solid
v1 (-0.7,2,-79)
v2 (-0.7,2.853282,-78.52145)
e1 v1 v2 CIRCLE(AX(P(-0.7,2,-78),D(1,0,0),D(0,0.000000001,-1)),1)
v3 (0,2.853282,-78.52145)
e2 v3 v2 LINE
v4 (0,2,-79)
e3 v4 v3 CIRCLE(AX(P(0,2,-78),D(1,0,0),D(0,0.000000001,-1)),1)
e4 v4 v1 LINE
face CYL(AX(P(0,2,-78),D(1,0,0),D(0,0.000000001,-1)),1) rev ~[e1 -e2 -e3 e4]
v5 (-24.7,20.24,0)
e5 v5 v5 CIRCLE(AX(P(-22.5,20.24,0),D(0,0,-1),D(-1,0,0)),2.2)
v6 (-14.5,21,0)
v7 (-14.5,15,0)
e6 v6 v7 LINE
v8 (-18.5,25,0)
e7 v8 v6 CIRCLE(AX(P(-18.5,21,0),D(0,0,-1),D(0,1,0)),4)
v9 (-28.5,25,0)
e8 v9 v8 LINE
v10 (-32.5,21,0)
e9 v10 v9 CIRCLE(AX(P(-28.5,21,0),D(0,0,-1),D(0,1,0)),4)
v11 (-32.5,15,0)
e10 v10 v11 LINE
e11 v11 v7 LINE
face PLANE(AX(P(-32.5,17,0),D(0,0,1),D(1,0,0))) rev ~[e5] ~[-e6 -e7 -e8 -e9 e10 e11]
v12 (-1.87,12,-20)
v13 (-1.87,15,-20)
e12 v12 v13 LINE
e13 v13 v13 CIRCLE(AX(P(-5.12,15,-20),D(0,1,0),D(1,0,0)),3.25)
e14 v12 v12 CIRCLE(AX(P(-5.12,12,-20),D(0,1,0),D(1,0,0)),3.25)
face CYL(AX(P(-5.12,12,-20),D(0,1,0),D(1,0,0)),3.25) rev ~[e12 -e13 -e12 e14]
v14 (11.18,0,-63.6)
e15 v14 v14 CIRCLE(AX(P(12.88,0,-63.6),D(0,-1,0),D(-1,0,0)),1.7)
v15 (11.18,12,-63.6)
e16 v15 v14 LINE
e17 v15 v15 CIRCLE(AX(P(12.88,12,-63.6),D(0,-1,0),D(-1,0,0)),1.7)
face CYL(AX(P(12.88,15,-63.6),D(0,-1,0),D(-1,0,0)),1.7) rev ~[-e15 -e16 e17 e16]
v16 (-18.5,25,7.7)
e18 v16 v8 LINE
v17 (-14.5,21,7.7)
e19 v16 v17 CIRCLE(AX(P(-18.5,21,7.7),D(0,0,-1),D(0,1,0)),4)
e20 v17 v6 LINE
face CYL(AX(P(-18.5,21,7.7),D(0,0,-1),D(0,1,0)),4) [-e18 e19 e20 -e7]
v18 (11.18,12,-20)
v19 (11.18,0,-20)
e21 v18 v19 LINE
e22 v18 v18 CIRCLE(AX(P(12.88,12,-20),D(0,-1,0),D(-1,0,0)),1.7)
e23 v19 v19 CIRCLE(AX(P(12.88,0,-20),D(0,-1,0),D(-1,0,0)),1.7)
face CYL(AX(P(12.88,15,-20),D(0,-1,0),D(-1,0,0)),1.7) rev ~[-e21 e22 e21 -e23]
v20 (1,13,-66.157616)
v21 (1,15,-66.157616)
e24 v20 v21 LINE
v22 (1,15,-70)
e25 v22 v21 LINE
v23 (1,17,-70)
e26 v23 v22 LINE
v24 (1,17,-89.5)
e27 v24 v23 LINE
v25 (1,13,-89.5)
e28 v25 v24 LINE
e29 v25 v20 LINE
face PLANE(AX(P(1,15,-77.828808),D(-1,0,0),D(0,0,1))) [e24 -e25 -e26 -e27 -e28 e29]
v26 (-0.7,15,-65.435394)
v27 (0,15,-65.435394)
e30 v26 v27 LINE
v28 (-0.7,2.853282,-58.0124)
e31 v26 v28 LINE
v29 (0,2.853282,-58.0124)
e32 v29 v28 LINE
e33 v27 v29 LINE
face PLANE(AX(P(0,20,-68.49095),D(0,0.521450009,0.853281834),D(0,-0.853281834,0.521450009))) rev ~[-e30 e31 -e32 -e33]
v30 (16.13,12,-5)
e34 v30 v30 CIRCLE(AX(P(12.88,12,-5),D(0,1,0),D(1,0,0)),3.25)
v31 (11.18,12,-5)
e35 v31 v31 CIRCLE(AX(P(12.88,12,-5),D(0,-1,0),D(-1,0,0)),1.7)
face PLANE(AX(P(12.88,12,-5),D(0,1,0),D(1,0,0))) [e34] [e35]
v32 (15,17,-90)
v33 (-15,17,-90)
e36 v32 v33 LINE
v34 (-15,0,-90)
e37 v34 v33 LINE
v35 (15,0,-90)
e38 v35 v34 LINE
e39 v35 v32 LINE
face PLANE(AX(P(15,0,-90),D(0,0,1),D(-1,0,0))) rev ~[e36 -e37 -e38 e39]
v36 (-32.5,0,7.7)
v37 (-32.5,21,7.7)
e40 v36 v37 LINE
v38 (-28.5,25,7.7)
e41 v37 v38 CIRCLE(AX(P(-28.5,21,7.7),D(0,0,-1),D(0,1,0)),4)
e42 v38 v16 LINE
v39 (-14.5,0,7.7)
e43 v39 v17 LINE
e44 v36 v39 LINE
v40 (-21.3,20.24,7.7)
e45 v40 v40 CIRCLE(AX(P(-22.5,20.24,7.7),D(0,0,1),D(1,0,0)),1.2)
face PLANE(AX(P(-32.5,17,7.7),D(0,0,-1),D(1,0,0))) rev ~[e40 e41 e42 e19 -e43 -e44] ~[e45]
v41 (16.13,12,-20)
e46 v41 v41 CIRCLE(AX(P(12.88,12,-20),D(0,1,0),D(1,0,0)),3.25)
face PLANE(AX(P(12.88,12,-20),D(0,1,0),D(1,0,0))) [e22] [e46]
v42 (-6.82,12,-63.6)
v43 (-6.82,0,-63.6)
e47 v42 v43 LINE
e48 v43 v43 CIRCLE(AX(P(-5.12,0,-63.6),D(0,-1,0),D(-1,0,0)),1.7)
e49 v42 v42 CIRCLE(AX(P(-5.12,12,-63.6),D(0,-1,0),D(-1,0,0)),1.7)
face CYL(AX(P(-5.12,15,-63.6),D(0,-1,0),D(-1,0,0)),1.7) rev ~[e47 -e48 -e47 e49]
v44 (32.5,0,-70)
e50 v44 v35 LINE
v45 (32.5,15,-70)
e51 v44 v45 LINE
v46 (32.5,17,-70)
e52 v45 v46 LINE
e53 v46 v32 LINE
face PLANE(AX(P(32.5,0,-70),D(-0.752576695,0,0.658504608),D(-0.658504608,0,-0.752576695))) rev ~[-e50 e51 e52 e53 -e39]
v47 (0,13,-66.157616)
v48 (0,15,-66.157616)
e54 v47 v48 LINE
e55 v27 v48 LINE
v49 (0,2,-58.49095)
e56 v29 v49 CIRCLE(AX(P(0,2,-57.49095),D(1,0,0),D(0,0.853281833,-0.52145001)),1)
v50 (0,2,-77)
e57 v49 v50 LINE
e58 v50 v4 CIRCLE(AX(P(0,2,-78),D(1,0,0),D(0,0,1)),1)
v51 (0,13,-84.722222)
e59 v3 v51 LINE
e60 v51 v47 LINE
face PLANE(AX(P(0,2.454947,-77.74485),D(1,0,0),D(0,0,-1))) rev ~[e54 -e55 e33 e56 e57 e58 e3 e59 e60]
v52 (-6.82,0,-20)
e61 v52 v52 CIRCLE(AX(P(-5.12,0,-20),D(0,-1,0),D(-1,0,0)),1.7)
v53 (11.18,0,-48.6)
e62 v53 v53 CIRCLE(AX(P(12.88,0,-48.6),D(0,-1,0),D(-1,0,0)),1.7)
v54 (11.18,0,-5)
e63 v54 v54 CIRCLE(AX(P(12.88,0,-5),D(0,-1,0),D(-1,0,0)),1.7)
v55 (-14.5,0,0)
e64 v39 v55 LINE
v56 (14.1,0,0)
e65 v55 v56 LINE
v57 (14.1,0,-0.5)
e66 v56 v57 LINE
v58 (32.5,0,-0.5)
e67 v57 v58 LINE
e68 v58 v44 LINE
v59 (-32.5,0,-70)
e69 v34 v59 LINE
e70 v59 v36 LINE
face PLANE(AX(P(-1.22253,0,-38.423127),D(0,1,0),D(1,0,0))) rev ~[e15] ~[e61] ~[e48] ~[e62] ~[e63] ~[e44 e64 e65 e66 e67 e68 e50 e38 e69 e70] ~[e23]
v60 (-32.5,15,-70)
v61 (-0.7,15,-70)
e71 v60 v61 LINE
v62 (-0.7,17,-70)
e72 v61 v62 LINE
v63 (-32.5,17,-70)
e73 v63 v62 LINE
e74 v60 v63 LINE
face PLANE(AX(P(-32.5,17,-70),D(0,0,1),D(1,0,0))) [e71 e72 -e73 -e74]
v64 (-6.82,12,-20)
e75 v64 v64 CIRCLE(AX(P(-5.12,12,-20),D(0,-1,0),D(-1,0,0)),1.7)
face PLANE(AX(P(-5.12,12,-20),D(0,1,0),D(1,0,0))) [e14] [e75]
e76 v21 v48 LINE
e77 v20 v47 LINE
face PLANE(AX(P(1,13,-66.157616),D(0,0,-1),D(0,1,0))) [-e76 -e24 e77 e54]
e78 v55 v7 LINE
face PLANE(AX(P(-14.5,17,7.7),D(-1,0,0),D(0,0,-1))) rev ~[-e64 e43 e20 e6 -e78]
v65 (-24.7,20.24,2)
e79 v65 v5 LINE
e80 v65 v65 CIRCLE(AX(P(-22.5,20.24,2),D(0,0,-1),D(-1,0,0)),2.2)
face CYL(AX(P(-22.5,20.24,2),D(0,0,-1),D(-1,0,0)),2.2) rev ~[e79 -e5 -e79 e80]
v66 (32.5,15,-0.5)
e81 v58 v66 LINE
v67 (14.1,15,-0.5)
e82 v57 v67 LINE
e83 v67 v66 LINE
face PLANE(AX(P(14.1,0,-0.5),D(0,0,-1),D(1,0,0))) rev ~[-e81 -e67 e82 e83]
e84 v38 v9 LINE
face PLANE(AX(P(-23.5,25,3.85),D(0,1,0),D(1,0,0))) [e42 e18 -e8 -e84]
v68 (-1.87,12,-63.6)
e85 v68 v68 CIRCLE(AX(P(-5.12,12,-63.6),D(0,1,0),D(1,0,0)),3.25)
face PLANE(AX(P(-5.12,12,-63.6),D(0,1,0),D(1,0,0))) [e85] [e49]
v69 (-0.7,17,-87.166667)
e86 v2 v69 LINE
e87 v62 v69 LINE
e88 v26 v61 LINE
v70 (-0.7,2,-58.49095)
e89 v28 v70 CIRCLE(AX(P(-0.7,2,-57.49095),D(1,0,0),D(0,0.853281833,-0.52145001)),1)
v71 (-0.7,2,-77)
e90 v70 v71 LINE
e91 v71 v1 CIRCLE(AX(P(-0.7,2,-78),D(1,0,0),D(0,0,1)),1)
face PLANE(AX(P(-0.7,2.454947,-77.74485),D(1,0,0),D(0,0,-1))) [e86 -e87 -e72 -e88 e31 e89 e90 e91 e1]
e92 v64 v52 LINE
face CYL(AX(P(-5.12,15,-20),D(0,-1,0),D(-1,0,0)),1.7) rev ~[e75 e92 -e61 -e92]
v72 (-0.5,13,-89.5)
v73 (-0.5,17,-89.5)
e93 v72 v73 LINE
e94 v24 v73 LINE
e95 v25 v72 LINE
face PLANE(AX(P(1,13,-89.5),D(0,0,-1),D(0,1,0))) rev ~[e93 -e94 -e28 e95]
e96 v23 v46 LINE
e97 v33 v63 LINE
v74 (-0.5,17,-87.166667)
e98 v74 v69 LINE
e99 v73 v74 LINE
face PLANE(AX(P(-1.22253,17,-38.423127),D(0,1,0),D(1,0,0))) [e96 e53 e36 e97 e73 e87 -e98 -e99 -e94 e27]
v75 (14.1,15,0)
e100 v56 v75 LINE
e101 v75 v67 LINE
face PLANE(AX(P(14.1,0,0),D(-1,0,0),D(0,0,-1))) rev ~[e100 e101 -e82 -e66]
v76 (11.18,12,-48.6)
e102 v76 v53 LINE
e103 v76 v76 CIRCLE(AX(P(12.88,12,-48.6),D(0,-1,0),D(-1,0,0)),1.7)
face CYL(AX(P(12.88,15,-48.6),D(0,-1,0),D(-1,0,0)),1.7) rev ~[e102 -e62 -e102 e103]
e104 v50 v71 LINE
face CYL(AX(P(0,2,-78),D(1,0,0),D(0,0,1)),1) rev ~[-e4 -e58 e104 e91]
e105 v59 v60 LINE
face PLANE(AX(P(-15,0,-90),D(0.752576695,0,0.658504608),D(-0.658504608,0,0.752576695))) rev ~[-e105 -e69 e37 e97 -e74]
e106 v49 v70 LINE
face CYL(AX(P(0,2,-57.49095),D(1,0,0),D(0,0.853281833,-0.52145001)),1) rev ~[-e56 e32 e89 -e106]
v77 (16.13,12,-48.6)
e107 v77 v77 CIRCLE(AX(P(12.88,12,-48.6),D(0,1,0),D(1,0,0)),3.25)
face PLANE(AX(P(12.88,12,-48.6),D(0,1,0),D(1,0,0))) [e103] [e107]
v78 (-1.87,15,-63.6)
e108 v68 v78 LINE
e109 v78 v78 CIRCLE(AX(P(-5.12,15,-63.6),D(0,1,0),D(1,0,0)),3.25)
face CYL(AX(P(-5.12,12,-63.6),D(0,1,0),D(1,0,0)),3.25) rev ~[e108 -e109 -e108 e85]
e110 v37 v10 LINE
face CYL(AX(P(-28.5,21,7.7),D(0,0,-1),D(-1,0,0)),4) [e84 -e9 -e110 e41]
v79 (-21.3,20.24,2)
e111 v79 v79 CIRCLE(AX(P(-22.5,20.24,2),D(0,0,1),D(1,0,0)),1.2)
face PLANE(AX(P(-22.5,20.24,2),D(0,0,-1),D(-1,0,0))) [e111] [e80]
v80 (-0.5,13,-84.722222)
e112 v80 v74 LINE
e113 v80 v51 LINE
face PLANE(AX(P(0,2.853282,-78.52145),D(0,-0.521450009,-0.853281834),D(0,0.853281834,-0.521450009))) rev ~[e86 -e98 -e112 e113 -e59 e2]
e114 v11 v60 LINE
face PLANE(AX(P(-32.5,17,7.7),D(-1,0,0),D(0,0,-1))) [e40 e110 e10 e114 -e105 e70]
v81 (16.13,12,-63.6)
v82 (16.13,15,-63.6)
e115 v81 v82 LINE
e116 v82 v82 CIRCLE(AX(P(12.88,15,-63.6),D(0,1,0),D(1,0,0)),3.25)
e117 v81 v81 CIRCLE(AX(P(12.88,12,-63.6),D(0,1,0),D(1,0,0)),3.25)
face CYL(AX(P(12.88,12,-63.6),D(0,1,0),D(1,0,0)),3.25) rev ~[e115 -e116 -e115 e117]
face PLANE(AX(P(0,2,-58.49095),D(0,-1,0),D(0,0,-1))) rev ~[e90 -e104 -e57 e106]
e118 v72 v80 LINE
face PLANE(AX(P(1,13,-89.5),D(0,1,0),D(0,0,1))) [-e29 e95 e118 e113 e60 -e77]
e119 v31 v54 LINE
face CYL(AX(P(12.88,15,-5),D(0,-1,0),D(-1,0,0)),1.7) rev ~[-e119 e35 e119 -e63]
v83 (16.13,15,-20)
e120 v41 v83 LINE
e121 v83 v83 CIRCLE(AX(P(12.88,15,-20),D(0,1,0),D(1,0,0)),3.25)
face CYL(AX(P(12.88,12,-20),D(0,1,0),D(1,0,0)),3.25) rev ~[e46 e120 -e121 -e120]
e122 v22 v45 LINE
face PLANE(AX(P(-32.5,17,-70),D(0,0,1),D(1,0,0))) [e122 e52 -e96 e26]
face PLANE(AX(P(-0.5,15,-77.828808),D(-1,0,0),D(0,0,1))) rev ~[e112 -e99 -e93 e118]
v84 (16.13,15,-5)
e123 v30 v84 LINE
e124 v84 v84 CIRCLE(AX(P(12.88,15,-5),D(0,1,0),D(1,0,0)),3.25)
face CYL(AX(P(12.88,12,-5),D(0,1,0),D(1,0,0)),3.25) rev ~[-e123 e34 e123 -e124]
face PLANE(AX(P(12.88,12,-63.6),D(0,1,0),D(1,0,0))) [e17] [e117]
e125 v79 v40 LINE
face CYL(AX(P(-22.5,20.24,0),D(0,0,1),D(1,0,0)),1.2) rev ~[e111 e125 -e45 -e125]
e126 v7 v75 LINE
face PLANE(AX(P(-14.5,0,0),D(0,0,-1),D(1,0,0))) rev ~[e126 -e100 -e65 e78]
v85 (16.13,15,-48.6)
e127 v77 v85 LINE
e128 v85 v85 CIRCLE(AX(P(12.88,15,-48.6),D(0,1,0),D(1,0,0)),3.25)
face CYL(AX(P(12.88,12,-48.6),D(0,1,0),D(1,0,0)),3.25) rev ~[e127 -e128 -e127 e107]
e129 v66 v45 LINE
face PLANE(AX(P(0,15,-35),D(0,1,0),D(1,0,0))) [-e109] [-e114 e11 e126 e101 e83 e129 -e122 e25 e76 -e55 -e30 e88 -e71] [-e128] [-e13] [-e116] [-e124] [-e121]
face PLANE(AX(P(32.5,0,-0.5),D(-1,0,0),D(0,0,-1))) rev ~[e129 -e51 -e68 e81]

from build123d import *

# Parameters (mm, degrees)
BOSS_EXTRUDE1_DEPTH            = 17
BOSS_EXTRUDE2_START            = 17
SKETCH1_3_W                    = 18
SKETCH1_3_H                    = 7.7
BOSS_EXTRUDE2_DEPTH            = 8
SKETCH9_W                      = 65
SKETCH9_H                      = 70
CUT_EXTRUDE5_DEPTH             = 2
CBORE_FOR_M3_SHCS2_D           = 3.4
CBORE_FOR_M3_SHCS2_CBORE_D     = 6.5
CBORE_FOR_M3_SHCS2_CBORE_DEPTH = 3
SKETCH4_R                      = 1
CUT_EXTRUDE3_DEPTH             = 0.7
CUT_EXTRUDE4_DEPTH             = 0.5
CUT_EXTRUDE4_DEPTH_BACK        = 1
SKETCH6_W                      = 23.342383579
SKETCH6_H                      = 4
CBORE_FOR_M2_SHCS1_D           = 2.4
CBORE_FOR_M2_SHCS1_CBORE_D     = 4.4
CBORE_FOR_M2_SHCS1_CBORE_DEPTH = 2
FILLET1_R                      = 4


with BuildPart() as part:
    # Sketch1 → Boss-Extrude1 (new body)
    with BuildSketch(Plane(origin=(0, 0, 0), x_dir=(1, 0, 0), z_dir=(0, 1, 0))):
        Polygon((32.5, 0.5), (32.5, 70), (15, 90), (-15, 90), (-32.5, 70), (-32.5, -7.7), (-14.5, -7.7), (-14.5, 0), (14.1, 0), (14.1, 0.5), align=None)
    extrude(amount=BOSS_EXTRUDE1_DEPTH)

    # Sketch1<3> → Boss-Extrude2 (add)
    with BuildSketch(Plane(origin=(0, 0, 0), x_dir=(1, 0, 0), z_dir=(0, 1, 0)).offset(BOSS_EXTRUDE2_START)):
        with Locations((-23.5, -3.85)):
            Rectangle(SKETCH1_3_W, SKETCH1_3_H)
    extrude(amount=BOSS_EXTRUDE2_DEPTH)

    # Sketch9 → Cut-Extrude5 (cut)
    with BuildSketch(Plane(origin=(0, 17, 0), x_dir=(1, 0, 0), z_dir=(0, 1, 0))):
        with Locations((0, 35)):
            Rectangle(SKETCH9_W, SKETCH9_H)
    extrude(amount=-CUT_EXTRUDE5_DEPTH, mode=Mode.SUBTRACT)

    # CBORE for M3 SHCS2 (through all)
    with Locations(Plane(origin=(0, 15, 0), x_dir=(1, 0, 0), z_dir=(0, 1, 0))):
        with Locations((-5.12, 20), (12.88, 20), (-5.12, 63.6), (12.88, 63.6), (12.88, 5), (12.88, 48.6)):
            CounterBoreHole(CBORE_FOR_M3_SHCS2_D / 2, CBORE_FOR_M3_SHCS2_CBORE_D / 2, CBORE_FOR_M3_SHCS2_CBORE_DEPTH)

    # Sketch4 → Cut-Extrude3 (cut)
    with BuildSketch(Plane(origin=(0, 0, 0), x_dir=(0, 0, -1), z_dir=(1, 0, 0))):
        with BuildLine():
            ThreePointArc((78.521450009, 2.853281834), (77.510842566, 2.872195508), (77, 2))
            Line((77, 2), (78, 2))
            Line((78, 2), (78.521450009, 2.853281834))
        make_face()
        with BuildLine():
            Line((78, 2), (77, 2))
            ThreePointArc((77, 2), (78, 1), (79, 2))
            ThreePointArc((79, 2), (78.872195508, 2.489157434), (78.521450009, 2.853281834))
            Line((78.521450009, 2.853281834), (78, 2))
        make_face()
        with BuildLine():
            Line((58.012399764, 2.853281834), (57.490949754, 2))
            Line((57.490949754, 2), (58.490949754, 2))
            ThreePointArc((58.490949754, 2), (58.363145263, 2.489157434), (58.012399764, 2.853281834))
        make_face()
        with BuildLine():
            Line((58.490949754, 2), (57.490949754, 2))
            Line((57.490949754, 2), (58.012399764, 2.853281834))
            ThreePointArc((58.012399764, 2.853281834), (56.618754246, 1.510842566), (58.490949754, 2))
        make_face()
        with Locations((57.490949754, 2)):
            Circle(SKETCH4_R)
        with Locations((78, 2)):
            Circle(SKETCH4_R)
        Polygon((57.490949754, 2), (78, 2), (89, 20), (68.490949754, 20), align=None)
    extrude(amount=-CUT_EXTRUDE3_DEPTH, mode=Mode.SUBTRACT)

    # Sketch6 → Cut-Extrude4 (cut, two sides: drawn at the far end of the back side and taken through both)
    with BuildSketch(Plane.ZY.offset(-CUT_EXTRUDE4_DEPTH_BACK)):
        with Locations((-77.828808211, 15)):
            Rectangle(SKETCH6_W, SKETCH6_H)
    extrude(amount=CUT_EXTRUDE4_DEPTH + CUT_EXTRUDE4_DEPTH_BACK, mode=Mode.SUBTRACT)

    # CBORE for M2 SHCS1 (through all)
    with Locations(Plane(origin=(0, 0, 0), x_dir=(-1, 0, 0), z_dir=(0, 0, -1))):
        with Locations((22.5, 20.24)):
            CounterBoreHole(CBORE_FOR_M2_SHCS1_D / 2, CBORE_FOR_M2_SHCS1_CBORE_D / 2, CBORE_FOR_M2_SHCS1_CBORE_DEPTH)

    # Fillet1
    fillet1_edges = [part.edges().sort_by_distance(p)[0] for p in [
        (-32.5, 25, 3.85),
        (-14.5, 25, 3.85),
    ]]
    fillet(fillet1_edges, radius=FILLET1_R)


solid = part.part
